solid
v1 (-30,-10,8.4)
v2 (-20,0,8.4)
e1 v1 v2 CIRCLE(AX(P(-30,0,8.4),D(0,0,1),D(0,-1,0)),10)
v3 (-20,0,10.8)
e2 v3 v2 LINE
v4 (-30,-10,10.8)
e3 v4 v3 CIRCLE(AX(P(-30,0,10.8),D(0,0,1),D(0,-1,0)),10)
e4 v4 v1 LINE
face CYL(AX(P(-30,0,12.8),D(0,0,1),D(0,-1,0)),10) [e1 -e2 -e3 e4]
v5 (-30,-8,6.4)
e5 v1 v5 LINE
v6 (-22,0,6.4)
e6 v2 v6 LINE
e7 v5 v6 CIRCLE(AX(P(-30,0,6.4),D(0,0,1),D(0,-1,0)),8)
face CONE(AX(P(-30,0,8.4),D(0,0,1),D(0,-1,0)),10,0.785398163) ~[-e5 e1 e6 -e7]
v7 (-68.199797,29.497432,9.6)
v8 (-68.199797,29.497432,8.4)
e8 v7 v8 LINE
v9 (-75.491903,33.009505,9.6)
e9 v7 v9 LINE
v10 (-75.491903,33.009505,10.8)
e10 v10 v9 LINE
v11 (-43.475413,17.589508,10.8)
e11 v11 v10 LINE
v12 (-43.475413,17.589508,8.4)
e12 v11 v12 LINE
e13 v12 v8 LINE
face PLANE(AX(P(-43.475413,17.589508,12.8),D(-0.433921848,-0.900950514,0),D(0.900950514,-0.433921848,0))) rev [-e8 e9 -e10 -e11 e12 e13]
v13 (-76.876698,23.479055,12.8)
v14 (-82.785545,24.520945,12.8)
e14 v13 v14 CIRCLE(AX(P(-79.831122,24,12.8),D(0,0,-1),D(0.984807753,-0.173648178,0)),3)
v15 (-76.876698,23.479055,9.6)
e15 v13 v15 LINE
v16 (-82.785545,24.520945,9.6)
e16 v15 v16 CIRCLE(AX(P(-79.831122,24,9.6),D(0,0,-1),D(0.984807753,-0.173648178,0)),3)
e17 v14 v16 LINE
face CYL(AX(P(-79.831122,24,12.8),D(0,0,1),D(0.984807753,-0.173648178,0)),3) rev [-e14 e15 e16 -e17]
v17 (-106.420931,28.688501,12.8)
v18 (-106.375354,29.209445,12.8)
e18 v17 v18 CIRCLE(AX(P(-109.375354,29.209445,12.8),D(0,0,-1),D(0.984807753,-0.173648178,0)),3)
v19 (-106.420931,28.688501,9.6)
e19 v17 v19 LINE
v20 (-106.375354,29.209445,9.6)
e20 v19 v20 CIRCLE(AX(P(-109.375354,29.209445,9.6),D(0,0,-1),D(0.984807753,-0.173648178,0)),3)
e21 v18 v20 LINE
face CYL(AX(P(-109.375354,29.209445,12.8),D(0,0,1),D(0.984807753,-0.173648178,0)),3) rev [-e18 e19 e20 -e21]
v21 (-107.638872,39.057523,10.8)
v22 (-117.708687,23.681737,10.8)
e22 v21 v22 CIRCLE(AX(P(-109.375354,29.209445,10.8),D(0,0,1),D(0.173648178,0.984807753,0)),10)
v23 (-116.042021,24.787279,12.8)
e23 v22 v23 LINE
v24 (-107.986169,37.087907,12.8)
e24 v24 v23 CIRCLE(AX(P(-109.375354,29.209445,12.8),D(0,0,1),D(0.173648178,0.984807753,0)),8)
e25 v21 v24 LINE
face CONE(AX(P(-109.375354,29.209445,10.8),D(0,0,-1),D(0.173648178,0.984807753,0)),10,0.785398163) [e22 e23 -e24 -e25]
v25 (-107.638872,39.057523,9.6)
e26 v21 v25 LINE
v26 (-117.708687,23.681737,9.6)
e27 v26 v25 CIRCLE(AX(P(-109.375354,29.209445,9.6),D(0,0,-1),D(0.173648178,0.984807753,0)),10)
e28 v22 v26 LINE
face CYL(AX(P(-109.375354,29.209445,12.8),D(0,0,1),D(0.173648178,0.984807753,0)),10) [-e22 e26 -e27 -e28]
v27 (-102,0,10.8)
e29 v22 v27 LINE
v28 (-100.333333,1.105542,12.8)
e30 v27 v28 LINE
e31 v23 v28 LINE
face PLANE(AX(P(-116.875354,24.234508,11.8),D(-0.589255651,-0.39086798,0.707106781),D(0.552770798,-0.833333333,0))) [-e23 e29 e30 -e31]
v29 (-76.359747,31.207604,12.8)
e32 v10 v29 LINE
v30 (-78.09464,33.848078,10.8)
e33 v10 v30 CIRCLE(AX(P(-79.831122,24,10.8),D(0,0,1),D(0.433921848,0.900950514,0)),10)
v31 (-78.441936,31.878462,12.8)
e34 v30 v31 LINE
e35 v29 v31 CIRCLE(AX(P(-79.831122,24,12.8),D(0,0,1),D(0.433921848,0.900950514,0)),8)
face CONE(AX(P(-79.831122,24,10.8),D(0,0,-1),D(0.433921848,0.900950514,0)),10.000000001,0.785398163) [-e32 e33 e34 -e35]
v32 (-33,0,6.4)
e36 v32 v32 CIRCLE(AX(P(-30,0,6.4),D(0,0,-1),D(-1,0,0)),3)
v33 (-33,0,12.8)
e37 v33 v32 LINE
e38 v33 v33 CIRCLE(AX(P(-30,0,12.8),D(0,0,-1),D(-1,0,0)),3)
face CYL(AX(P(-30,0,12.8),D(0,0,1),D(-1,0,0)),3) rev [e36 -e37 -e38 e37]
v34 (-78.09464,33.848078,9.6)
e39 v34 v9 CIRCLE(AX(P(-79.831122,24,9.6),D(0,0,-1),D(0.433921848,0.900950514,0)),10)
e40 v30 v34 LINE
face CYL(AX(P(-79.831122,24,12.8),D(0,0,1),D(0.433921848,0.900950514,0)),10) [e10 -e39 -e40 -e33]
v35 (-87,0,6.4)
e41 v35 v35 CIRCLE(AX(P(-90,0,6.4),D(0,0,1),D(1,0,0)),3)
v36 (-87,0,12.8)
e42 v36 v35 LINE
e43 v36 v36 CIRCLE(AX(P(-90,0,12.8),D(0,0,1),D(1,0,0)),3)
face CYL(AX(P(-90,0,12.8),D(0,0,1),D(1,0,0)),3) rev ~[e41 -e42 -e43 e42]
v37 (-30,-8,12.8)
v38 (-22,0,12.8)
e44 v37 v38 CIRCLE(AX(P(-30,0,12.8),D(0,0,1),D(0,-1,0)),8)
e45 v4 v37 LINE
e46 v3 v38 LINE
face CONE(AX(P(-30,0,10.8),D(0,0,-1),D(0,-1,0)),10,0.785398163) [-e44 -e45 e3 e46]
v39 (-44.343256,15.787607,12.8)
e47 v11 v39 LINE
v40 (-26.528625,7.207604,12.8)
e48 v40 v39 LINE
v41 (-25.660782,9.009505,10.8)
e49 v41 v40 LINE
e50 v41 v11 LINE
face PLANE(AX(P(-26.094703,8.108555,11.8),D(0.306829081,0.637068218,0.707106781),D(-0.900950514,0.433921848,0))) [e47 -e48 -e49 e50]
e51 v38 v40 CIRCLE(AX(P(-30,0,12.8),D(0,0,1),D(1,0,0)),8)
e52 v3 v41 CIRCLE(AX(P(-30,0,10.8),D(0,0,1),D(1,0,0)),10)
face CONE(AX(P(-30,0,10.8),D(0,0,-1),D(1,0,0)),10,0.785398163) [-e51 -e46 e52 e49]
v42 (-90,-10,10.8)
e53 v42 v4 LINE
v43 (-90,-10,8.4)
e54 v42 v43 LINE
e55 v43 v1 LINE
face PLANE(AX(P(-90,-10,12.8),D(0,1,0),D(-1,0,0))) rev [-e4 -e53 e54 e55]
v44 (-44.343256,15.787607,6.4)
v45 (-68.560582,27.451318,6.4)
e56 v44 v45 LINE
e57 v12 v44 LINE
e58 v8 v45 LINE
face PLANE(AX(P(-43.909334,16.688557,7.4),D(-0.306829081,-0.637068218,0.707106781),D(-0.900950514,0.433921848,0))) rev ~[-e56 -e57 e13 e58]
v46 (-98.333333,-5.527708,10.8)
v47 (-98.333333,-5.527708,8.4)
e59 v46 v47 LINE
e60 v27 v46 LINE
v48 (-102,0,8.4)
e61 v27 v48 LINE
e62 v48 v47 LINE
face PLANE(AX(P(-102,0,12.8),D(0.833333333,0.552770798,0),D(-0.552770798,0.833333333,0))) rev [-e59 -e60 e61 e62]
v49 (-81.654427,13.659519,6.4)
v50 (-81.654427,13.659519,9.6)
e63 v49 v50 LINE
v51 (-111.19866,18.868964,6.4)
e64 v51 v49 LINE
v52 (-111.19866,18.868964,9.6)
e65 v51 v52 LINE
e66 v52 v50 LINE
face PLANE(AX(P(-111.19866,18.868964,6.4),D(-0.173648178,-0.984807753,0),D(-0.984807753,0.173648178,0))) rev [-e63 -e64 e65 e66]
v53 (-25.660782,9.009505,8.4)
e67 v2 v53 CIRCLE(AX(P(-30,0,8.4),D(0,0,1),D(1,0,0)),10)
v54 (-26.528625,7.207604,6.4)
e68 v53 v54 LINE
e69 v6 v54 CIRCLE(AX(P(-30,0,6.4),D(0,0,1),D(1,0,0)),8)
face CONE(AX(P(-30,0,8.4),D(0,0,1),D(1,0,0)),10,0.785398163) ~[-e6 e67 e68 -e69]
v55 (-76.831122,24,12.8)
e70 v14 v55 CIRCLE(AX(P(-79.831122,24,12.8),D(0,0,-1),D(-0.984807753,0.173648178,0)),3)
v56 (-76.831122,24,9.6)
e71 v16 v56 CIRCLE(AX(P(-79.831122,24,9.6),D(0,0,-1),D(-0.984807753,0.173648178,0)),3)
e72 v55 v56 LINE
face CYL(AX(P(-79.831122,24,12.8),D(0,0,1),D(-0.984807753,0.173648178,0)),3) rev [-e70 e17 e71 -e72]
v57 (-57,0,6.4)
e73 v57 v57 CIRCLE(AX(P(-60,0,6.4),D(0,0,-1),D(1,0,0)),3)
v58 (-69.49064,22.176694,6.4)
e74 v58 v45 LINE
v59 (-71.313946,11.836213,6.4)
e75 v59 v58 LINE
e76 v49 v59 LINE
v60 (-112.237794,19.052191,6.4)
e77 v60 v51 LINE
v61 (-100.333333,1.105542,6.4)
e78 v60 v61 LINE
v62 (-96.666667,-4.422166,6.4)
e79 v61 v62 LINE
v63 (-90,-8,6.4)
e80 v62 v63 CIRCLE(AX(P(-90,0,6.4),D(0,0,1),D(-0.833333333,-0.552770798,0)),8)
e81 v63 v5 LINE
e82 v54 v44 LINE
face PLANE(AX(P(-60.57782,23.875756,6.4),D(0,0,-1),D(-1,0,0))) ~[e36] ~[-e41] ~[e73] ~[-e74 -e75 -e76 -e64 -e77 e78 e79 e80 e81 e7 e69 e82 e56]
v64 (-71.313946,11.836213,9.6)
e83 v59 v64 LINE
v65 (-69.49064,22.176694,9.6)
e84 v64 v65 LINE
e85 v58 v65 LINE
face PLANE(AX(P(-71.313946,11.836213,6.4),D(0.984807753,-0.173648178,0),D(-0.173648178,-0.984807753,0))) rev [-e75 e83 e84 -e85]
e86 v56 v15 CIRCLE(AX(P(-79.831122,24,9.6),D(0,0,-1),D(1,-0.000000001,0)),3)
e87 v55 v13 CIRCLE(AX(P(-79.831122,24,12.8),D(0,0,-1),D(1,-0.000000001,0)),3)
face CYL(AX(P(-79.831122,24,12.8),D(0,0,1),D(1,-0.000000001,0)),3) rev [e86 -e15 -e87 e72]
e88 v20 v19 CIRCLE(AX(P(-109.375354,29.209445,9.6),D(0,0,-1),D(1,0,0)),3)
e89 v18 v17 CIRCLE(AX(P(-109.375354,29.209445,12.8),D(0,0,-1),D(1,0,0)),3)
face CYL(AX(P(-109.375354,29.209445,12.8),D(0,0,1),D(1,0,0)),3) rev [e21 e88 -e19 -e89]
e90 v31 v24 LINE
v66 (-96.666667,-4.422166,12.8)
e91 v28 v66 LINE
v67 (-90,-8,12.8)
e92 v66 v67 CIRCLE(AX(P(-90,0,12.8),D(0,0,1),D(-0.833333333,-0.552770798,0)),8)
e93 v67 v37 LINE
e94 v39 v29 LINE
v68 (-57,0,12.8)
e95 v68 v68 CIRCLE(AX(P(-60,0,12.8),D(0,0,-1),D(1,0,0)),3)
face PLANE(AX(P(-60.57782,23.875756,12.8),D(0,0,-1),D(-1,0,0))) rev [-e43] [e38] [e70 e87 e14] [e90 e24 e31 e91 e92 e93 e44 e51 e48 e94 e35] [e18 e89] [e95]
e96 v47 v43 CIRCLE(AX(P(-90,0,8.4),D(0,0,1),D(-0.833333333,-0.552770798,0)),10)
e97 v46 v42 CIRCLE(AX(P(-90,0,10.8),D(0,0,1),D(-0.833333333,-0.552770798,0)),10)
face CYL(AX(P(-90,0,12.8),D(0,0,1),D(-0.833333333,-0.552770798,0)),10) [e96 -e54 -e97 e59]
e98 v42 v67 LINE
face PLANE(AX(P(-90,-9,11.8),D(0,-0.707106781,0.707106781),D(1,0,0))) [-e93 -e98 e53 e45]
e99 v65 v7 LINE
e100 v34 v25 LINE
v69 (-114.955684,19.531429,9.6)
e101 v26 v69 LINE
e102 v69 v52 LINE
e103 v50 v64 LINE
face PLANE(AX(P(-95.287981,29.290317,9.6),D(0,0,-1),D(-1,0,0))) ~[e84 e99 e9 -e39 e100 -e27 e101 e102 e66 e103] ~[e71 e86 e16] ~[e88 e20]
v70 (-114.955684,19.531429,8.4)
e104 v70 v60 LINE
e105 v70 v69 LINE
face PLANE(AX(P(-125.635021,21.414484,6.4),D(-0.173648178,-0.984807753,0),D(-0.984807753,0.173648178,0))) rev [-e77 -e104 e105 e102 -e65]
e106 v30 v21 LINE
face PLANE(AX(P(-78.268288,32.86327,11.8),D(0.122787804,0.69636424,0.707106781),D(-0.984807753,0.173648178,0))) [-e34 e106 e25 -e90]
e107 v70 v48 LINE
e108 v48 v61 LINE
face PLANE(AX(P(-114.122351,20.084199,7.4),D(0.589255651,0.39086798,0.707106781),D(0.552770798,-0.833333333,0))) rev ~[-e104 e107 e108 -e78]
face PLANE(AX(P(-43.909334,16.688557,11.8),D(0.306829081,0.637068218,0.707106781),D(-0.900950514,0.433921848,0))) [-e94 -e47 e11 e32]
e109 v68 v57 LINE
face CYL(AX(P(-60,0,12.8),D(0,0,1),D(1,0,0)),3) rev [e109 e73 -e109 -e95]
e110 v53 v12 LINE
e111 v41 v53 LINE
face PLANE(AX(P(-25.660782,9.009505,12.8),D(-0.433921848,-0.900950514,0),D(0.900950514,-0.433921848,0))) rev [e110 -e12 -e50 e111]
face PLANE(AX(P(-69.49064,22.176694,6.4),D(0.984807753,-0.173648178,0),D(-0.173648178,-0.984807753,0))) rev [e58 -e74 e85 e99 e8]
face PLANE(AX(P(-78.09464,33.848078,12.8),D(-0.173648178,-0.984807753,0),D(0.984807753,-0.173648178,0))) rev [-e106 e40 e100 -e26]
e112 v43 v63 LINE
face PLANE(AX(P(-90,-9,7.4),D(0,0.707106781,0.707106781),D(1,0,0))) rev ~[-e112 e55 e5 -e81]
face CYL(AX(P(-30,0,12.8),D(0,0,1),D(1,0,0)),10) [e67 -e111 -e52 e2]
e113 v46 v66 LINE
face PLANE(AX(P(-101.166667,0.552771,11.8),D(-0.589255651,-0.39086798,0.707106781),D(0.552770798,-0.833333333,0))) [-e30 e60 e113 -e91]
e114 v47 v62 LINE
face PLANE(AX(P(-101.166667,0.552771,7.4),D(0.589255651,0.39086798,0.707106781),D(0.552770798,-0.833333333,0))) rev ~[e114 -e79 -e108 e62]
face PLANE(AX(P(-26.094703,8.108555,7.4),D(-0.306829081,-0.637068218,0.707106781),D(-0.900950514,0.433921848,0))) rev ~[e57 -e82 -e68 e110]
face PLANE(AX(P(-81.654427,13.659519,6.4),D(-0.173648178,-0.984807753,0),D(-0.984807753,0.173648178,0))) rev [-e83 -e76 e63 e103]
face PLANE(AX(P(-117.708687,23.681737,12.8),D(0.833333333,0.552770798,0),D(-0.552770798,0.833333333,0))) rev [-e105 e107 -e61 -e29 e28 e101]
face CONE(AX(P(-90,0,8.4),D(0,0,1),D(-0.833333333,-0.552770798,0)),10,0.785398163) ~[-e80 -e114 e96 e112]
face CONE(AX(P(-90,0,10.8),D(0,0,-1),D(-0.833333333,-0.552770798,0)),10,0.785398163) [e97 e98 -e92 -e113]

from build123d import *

# Parameters (mm, degrees)
F0_R     = 3
F1_DEPTH = 6.4
F4_DEPTH = 3.2
F5_SIZE  = 2


with BuildPart() as f1:
    # F0 (on Top) → F1 (new body)
    with BuildSketch(Plane.XY):
        with BuildLine():
            Line((-69.9830439783, 22.2635182233), (-43.4754125815, 17.5895076134))
            Line((-43.4754125815, 17.5895076134), (-75.4919030254, 33.0095051449))
            ThreePointArc((-75.4919030254, 33.0095051449), (-71.3637669974, 29.3201416884), (-69.8311215084, 24))
            ThreePointArc((-69.8311215084, 24), (-69.8691745275, 23.1284425725), (-69.9830439783, 22.2635182233))
        make_face()
        with BuildLine():
            Line((-90, -10), (-30, -10))
            ThreePointArc((-30, -10), (-37.0710678119, -7.0710678119), (-40, 0))
            Line((-40, 0), (-57, 0))
            ThreePointArc((-57, 0), (-60, -3), (-63, 0))
            Line((-63, 0), (-80, 0))
            ThreePointArc((-80, 0), (-82.9289321881, -7.0710678119), (-90, -10))
        make_face()
        with BuildLine():
            Line((-78.0946397318, 33.8480775301), (-107.6388723221, 39.0575228601))
            ThreePointArc((-107.6388723221, 39.0575228601), (-101.7149096676, 35.6373214269), (-99.3753540988, 29.20944533))
            ThreePointArc((-99.3753540988, 29.20944533), (-99.4134071179, 28.3378879025), (-99.5272765687, 27.4729635533))
            Line((-99.5272765687, 27.4729635533), (-89.6791990386, 25.7364817767))
            ThreePointArc((-89.6791990386, 25.7364817767), (-85.566885872, 32.1915204429), (-78.0946397318, 33.8480775301))
        make_face()
        with BuildLine():
            ThreePointArc((-89.6791990386, 25.7364817767), (-81.5676032851, 14.1519224699), (-69.9830439783, 22.2635182233))
            Line((-69.9830439783, 22.2635182233), (-76.8766982494, 23.479055467))
            ThreePointArc((-76.8766982494, 23.479055467), (-80.3520660414, 21.045576741), (-82.7855447675, 24.520944533))
            Line((-82.7855447675, 24.520944533), (-89.6791990386, 25.7364817767))
        make_face()
        with BuildLine():
            ThreePointArc((-69.8311215084, 24), (-71.3637669974, 29.3201416884), (-75.4919030254, 33.0095051449))
            ThreePointArc((-75.4919030254, 33.0095051449), (-76.7644727965, 33.5181755435), (-78.0946397318, 33.8480775301))
            ThreePointArc((-78.0946397318, 33.8480775301), (-85.566885872, 32.1915204429), (-89.6791990386, 25.7364817767))
            Line((-89.6791990386, 25.7364817767), (-82.7855447675, 24.520944533))
            ThreePointArc((-82.7855447675, 24.520944533), (-79.5696542802, 26.9885840943), (-76.8311215084, 24))
            ThreePointArc((-76.8311215084, 24), (-76.8425374142, 23.7385327718), (-76.8766982494, 23.479055467))
            Line((-76.8766982494, 23.479055467), (-69.9830439783, 22.2635182233))
            ThreePointArc((-69.9830439783, 22.2635182233), (-69.8691745275, 23.1284425725), (-69.8311215084, 24))
        make_face()
        with BuildLine():
            Line((-57, 0), (-40, 0))
            ThreePointArc((-40, 0), (-35.3201416884, 8.467354511), (-25.660781517, 9.0095051449))
            Line((-25.660781517, 9.0095051449), (-43.4754125815, 17.5895076134))
            Line((-43.4754125815, 17.5895076134), (-69.9830439783, 22.2635182233))
            ThreePointArc((-69.9830439783, 22.2635182233), (-81.5676032851, 14.1519224699), (-89.6791990386, 25.7364817767))
            Line((-89.6791990386, 25.7364817767), (-99.5272765687, 27.4729635533))
            ThreePointArc((-99.5272765687, 27.4729635533), (-107.3340404203, 19.4200102868), (-117.7086874321, 23.6817373461))
            Line((-117.7086874321, 23.6817373461), (-102, 0))
            Line((-102, 0), (-98.3333333333, -5.5277079839))
            ThreePointArc((-98.3333333333, -5.5277079839), (-92.8867513459, 9.5742710776), (-80, 0))
            Line((-80, 0), (-63, 0))
            ThreePointArc((-63, 0), (-60, 3), (-57, 0))
        make_face()
        with BuildLine():
            ThreePointArc((-98.3333333333, -5.5277079839), (-94.7287905515, -8.8112734562), (-90, -10))
            ThreePointArc((-90, -10), (-82.9289321881, -7.0710678119), (-80, 0))
            ThreePointArc((-80, 0), (-92.8867513459, 9.5742710776), (-98.3333333333, -5.5277079839))
        make_face()
        with Locations((-90, 0)):
            Circle(F0_R, mode=Mode.SUBTRACT)
        with BuildLine():
            ThreePointArc((-107.6388723221, 39.0575228601), (-117.7409567465, 34.6881944885), (-117.7086874321, 23.6817373461))
            ThreePointArc((-117.7086874321, 23.6817373461), (-107.3340404203, 19.4200102868), (-99.5272765687, 27.4729635533))
            ThreePointArc((-99.5272765687, 27.4729635533), (-99.4134071179, 28.3378879025), (-99.3753540988, 29.20944533))
            ThreePointArc((-99.3753540988, 29.20944533), (-101.7149096676, 35.6373214269), (-107.6388723221, 39.0575228601))
        make_face()
        with BuildLine():
            ThreePointArc((-106.3753540988, 29.20944533), (-106.3867700045, 28.9479781018), (-106.4209308398, 28.688500797))
            ThreePointArc((-106.4209308398, 28.688500797), (-112.3639381931, 29.4709125583), (-106.3753540988, 29.20944533))
        make_face(mode=Mode.SUBTRACT)
        with BuildLine():
            ThreePointArc((-40, 0), (-37.0710678119, -7.0710678119), (-30, -10))
            ThreePointArc((-30, -10), (-22.9289321881, -7.0710678119), (-20, 0))
            Line((-20, 0), (-27, 0))
            ThreePointArc((-27, 0), (-30, -3), (-33, 0))
            Line((-33, 0), (-40, 0))
        make_face()
        with BuildLine():
            Line((-27, 0), (-20, 0))
            ThreePointArc((-20, 0), (-21.532645489, 5.3201416884), (-25.660781517, 9.0095051449))
            ThreePointArc((-25.660781517, 9.0095051449), (-35.3201416884, 8.467354511), (-40, 0))
            Line((-40, 0), (-33, 0))
            ThreePointArc((-33, 0), (-30, 3), (-27, 0))
        make_face()
    extrude(amount=F1_DEPTH)

    # F3 (on offset) → F4 (cut)
    with BuildSketch(Plane.XY.offset(6.4)):
        with BuildLine():
            Line((-121.5190547769, 44.7572868572), (-125.6350207552, 21.4144838341))
            Line((-125.6350207552, 21.4144838341), (-111.1986603593, 18.868963993))
            Line((-111.1986603593, 18.868963993), (-81.6544272584, 13.659518573))
            ThreePointArc((-81.6544272584, 13.659518573), (-86.5803914551, 32.043466615), (-69.3311215084, 24))
            ThreePointArc((-69.3311215084, 24), (-69.3710771859, 23.0848646168), (-69.4906401312, 22.1766939678))
            Line((-69.4906401312, 22.1766939678), (-67.197979989, 35.179015751))
            Line((-67.197979989, 35.179015751), (-121.5190547769, 44.7572868572))
        make_face()
        with BuildLine():
            ThreePointArc((-98.8753540988, 29.20944533), (-102.6260843507, 21.1659785483), (-111.1986603593, 18.868963993))
            ThreePointArc((-111.1986603593, 18.868963993), (-116.1246238469, 37.2529121117), (-98.8753540988, 29.20944533))
        make_face(mode=Mode.SUBTRACT)
        with BuildLine():
            ThreePointArc((-98.8753540988, 29.20944533), (-116.1246238469, 37.2529121117), (-111.1986603593, 18.868963993))
            ThreePointArc((-111.1986603593, 18.868963993), (-102.6260843507, 21.1659785483), (-98.8753540988, 29.20944533))
        make_face()
        with BuildLine():
            ThreePointArc((-69.3311215084, 24), (-86.5803914551, 32.043466615), (-81.6544272584, 13.659518573))
            ThreePointArc((-81.6544272584, 13.659518573), (-73.808568948, 15.3989035201), (-69.4906401312, 22.1766939678))
            ThreePointArc((-69.4906401312, 22.1766939678), (-69.3710771859, 23.0848646168), (-69.3311215084, 24))
        make_face()
        with BuildLine():
            ThreePointArc((-69.4906401312, 22.1766939678), (-73.808568948, 15.3989035201), (-81.6544272584, 13.659518573))
            Line((-81.6544272584, 13.659518573), (-71.3139459673, 11.8362127279))
            Line((-71.3139459673, 11.8362127279), (-69.4906401312, 22.1766939678))
        make_face()
    extrude(amount=-F4_DEPTH, mode=Mode.SUBTRACT)

    # F5
    f5_edges = [f1.edges().sort_by_distance(p)[0] for p in [
        (-50.576342, 21.009505, 0),
        (-46.930289, 19.253468, 6.4),
    ]]
    chamfer(f5_edges, length=F5_SIZE)


with BuildPart() as f6_1:
    # F6: instance of F1
    add(f1.part.mirror(Plane(origin=(-64.9639850302, 5.284700152, 6.4), x_dir=(1, 0, 0), z_dir=(0, 0, 1))))


solid = f6_1.part
